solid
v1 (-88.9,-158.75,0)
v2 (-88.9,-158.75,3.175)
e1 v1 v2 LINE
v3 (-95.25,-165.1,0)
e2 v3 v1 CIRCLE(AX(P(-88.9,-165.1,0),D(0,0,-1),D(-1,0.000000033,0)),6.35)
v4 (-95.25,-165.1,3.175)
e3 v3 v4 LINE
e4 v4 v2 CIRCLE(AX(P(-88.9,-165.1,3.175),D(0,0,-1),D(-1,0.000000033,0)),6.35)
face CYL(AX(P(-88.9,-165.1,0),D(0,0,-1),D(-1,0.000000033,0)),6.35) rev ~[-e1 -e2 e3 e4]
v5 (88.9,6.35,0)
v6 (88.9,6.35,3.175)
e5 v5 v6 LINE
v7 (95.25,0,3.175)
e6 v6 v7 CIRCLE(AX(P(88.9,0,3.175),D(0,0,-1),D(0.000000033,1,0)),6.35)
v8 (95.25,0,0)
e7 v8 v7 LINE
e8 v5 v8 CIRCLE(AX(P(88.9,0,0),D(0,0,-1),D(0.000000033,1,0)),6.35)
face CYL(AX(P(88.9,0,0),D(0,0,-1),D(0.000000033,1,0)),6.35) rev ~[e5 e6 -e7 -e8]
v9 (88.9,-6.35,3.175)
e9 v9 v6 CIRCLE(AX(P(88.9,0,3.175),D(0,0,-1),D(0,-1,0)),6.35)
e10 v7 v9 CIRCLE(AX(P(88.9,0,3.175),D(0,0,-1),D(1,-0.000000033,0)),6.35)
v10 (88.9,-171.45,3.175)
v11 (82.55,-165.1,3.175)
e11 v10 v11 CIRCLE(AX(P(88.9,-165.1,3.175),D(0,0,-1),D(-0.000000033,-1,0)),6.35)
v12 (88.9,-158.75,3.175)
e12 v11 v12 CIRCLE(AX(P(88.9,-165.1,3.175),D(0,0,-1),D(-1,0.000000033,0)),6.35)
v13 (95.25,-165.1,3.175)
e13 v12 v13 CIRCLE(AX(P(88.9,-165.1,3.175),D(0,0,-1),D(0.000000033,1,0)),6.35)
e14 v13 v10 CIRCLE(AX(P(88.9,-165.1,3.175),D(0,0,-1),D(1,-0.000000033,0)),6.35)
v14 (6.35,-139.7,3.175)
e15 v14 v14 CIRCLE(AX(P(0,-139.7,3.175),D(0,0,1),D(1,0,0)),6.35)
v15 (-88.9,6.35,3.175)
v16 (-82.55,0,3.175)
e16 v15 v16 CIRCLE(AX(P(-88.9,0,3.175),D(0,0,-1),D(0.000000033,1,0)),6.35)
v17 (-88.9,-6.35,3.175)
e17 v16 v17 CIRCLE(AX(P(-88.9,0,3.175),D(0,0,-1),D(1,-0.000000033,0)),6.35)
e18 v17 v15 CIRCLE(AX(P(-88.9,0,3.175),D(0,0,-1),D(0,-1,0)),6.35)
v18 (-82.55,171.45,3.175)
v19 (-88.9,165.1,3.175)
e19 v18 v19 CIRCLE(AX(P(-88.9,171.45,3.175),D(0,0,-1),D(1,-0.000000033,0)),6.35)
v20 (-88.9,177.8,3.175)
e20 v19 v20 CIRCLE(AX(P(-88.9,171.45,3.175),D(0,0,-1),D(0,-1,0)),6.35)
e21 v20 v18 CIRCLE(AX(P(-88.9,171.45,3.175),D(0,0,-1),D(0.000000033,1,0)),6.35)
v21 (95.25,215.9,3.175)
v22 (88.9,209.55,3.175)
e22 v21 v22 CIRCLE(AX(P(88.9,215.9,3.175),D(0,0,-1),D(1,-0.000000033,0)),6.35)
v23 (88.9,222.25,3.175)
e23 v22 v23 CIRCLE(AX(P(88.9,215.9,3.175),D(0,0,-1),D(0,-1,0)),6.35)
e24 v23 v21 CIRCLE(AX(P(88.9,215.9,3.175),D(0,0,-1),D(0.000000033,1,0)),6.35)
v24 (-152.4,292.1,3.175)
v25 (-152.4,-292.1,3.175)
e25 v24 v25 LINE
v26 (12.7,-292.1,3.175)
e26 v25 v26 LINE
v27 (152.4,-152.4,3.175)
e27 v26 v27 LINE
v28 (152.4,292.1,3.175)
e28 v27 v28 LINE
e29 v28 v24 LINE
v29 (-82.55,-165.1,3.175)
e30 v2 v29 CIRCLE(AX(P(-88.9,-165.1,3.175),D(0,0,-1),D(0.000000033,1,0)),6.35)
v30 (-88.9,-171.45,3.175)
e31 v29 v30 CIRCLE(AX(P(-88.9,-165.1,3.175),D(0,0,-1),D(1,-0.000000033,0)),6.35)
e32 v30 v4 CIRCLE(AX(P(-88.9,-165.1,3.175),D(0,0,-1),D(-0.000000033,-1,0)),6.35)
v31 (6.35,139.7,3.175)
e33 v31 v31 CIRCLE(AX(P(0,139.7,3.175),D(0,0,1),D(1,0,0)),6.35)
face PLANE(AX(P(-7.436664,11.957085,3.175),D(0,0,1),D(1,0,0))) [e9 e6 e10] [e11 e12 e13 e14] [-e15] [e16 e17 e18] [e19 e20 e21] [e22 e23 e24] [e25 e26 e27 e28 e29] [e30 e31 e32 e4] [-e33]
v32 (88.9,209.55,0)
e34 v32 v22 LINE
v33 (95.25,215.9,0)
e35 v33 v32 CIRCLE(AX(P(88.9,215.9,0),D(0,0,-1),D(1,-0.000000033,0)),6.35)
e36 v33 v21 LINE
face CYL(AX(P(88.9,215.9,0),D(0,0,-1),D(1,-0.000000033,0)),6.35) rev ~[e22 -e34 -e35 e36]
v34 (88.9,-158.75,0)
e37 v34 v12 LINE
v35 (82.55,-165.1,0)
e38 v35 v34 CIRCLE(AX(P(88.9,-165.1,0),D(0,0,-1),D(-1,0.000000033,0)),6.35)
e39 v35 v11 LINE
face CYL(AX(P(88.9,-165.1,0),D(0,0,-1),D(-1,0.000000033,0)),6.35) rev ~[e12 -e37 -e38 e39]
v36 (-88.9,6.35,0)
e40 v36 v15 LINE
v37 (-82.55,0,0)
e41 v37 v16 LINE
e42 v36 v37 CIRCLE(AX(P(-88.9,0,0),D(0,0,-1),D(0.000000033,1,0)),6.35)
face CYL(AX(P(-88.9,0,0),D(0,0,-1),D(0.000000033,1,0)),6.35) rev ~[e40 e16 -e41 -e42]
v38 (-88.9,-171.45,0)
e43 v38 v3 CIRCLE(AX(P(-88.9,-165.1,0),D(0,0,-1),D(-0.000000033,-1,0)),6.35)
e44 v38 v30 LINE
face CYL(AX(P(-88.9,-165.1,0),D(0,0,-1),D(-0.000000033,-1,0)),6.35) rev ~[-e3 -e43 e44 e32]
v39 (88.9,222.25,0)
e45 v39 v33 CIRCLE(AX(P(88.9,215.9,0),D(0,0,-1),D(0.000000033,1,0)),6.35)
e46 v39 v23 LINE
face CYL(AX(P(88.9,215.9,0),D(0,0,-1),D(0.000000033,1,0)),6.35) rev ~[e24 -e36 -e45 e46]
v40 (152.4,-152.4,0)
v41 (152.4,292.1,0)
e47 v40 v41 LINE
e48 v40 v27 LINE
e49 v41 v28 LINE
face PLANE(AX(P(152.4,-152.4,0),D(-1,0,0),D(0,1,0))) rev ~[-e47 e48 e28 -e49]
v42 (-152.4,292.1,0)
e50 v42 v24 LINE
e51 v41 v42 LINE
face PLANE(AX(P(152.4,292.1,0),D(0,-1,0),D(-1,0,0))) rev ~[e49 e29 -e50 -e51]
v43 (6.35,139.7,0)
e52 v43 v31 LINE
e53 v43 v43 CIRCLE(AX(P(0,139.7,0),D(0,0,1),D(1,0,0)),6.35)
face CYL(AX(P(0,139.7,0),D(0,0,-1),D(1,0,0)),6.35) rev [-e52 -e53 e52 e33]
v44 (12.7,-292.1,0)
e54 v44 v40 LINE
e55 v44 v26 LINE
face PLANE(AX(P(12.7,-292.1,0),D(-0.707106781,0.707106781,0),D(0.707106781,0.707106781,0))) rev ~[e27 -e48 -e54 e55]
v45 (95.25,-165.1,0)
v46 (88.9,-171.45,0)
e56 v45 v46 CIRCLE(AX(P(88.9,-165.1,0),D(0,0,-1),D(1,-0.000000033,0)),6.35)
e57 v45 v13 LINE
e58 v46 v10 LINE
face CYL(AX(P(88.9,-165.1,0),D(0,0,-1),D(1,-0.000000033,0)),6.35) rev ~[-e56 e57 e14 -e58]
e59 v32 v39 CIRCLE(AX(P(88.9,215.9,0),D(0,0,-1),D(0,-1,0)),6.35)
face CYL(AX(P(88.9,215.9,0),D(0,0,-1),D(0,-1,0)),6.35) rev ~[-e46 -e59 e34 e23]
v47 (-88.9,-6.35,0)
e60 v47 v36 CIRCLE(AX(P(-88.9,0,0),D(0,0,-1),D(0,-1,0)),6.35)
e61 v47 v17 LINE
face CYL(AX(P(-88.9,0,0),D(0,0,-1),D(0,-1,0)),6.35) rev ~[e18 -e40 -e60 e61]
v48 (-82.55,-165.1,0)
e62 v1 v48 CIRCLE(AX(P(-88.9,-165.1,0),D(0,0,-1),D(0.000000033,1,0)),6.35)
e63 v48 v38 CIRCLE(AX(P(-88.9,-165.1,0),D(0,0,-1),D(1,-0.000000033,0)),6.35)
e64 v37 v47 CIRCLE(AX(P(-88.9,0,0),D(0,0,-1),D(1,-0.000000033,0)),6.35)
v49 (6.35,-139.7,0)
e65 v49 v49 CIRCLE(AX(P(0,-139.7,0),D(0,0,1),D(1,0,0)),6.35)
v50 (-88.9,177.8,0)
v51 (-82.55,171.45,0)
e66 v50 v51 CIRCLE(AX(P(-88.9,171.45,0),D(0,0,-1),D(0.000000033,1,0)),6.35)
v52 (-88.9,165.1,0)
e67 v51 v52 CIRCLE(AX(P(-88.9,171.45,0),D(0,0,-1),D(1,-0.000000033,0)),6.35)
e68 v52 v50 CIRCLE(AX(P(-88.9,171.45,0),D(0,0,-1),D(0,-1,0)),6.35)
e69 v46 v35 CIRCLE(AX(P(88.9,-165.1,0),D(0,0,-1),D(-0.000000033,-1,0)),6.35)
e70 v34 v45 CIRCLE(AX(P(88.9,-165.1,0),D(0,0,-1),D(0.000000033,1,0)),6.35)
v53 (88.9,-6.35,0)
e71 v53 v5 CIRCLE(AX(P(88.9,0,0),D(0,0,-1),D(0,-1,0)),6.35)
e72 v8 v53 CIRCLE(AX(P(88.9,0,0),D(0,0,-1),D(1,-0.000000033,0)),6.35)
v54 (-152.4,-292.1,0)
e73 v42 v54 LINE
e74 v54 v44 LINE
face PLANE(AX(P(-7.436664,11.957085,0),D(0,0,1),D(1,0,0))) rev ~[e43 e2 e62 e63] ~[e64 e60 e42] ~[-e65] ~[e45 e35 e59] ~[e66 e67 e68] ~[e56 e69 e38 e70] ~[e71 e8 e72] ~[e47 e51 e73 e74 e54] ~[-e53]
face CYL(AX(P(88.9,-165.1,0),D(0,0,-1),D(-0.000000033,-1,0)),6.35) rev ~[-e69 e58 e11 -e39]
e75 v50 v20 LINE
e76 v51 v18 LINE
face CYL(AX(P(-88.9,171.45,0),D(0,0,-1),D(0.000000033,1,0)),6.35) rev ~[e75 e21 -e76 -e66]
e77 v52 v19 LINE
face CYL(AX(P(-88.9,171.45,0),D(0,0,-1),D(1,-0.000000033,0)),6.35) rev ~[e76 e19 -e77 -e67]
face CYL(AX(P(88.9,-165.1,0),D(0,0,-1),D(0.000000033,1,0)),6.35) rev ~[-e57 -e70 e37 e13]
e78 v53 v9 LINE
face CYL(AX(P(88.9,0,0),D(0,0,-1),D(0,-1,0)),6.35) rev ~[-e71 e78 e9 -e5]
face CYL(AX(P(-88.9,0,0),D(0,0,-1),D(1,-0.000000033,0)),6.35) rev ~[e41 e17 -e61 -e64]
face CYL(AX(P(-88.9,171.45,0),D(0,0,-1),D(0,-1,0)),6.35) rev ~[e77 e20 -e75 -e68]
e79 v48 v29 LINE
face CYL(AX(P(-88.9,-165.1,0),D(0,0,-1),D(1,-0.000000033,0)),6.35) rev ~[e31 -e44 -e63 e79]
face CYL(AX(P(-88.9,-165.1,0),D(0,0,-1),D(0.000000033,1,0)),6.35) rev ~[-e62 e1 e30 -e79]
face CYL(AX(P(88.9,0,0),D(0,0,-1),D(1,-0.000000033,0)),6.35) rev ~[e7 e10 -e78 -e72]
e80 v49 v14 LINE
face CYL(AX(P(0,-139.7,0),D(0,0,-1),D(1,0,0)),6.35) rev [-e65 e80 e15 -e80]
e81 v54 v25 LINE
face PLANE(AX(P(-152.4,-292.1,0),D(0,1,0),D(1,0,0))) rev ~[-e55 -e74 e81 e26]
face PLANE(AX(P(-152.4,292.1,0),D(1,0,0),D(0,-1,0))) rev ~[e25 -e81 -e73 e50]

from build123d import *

# Parameters (mm, degrees)
F0_R     = 6.35
F1_DEPTH = 3.175


with BuildPart() as f1:
    # F0 (on Top) → F1 (new body)
    with BuildSketch(Plane.XY):
        with BuildLine():
            Line((152.4, -152.4), (152.4, 292.1))
            Line((152.4, 292.1), (88.9, 292.1))
            Line((88.9, 292.1), (-88.9, 292.1))
            Line((-88.9, 292.1), (-152.4, 292.1))
            Line((-152.4, 292.1), (-152.4, -292.1))
            Line((-152.4, -292.1), (-88.9, -292.1))
            Line((-88.9, -292.1), (12.7, -292.1))
            Line((12.7, -292.1), (88.9, -215.9))
            Line((88.9, -215.9), (88.9, -171.45))
            ThreePointArc((88.9, -171.45), (84.409872, -169.590128), (82.55, -165.1))
            ThreePointArc((82.55, -165.1), (84.409872, -160.609872), (88.9, -158.75))
            ThreePointArc((88.9, -158.75), (93.390128, -160.609872), (95.25, -165.1))
            Line((95.25, -165.1), (139.7, -165.1))
            Line((139.7, -165.1), (152.4, -152.4))
        make_face()
        with BuildLine():
            ThreePointArc((-82.55, -165.1), (-84.409872, -169.590128), (-88.9, -171.45))
            ThreePointArc((-88.9, -171.45), (-93.390128, -169.590128), (-95.25, -165.1))
            ThreePointArc((-95.25, -165.1), (-93.390128, -160.609872), (-88.9, -158.75))
            ThreePointArc((-88.9, -158.75), (-84.409872, -160.609872), (-82.55, -165.1))
        make_face(mode=Mode.SUBTRACT)
        with Locations((0, -139.7)):
            Circle(F0_R, mode=Mode.SUBTRACT)
        with BuildLine():
            ThreePointArc((-88.9, 6.35), (-84.409872, 4.490128), (-82.55, 0))
            ThreePointArc((-82.55, 0), (-84.409872, -4.490128), (-88.9, -6.35))
            ThreePointArc((-88.9, -6.35), (-95.25, 0), (-88.9, 6.35))
        make_face(mode=Mode.SUBTRACT)
        with BuildLine():
            ThreePointArc((-88.9, 165.1), (-95.25, 171.45), (-88.9, 177.8))
            ThreePointArc((-88.9, 177.8), (-84.409872, 175.940128), (-82.55, 171.45))
            ThreePointArc((-82.55, 171.45), (-84.409872, 166.959872), (-88.9, 165.1))
        make_face(mode=Mode.SUBTRACT)
        with Locations((0, 139.7)):
            Circle(F0_R, mode=Mode.SUBTRACT)
        with BuildLine():
            ThreePointArc((88.9, 6.35), (93.390128, 4.490128), (95.25, 0))
            ThreePointArc((95.25, 0), (93.390128, -4.490128), (88.9, -6.35))
            ThreePointArc((88.9, -6.35), (82.55, 0), (88.9, 6.35))
        make_face(mode=Mode.SUBTRACT)
        with BuildLine():
            ThreePointArc((88.9, 209.55), (82.55, 215.9), (88.9, 222.25))
            ThreePointArc((88.9, 222.25), (93.390128, 220.390128), (95.25, 215.9))
            ThreePointArc((95.25, 215.9), (93.390128, 211.409872), (88.9, 209.55))
        make_face(mode=Mode.SUBTRACT)
        with BuildLine():
            Line((88.9, -215.9), (139.7, -165.1))
            Line((139.7, -165.1), (95.25, -165.1))
            ThreePointArc((95.25, -165.1), (93.390128, -169.590128), (88.9, -171.45))
            Line((88.9, -171.45), (88.9, -215.9))
        make_face()
    extrude(amount=F1_DEPTH)


solid = f1.part
